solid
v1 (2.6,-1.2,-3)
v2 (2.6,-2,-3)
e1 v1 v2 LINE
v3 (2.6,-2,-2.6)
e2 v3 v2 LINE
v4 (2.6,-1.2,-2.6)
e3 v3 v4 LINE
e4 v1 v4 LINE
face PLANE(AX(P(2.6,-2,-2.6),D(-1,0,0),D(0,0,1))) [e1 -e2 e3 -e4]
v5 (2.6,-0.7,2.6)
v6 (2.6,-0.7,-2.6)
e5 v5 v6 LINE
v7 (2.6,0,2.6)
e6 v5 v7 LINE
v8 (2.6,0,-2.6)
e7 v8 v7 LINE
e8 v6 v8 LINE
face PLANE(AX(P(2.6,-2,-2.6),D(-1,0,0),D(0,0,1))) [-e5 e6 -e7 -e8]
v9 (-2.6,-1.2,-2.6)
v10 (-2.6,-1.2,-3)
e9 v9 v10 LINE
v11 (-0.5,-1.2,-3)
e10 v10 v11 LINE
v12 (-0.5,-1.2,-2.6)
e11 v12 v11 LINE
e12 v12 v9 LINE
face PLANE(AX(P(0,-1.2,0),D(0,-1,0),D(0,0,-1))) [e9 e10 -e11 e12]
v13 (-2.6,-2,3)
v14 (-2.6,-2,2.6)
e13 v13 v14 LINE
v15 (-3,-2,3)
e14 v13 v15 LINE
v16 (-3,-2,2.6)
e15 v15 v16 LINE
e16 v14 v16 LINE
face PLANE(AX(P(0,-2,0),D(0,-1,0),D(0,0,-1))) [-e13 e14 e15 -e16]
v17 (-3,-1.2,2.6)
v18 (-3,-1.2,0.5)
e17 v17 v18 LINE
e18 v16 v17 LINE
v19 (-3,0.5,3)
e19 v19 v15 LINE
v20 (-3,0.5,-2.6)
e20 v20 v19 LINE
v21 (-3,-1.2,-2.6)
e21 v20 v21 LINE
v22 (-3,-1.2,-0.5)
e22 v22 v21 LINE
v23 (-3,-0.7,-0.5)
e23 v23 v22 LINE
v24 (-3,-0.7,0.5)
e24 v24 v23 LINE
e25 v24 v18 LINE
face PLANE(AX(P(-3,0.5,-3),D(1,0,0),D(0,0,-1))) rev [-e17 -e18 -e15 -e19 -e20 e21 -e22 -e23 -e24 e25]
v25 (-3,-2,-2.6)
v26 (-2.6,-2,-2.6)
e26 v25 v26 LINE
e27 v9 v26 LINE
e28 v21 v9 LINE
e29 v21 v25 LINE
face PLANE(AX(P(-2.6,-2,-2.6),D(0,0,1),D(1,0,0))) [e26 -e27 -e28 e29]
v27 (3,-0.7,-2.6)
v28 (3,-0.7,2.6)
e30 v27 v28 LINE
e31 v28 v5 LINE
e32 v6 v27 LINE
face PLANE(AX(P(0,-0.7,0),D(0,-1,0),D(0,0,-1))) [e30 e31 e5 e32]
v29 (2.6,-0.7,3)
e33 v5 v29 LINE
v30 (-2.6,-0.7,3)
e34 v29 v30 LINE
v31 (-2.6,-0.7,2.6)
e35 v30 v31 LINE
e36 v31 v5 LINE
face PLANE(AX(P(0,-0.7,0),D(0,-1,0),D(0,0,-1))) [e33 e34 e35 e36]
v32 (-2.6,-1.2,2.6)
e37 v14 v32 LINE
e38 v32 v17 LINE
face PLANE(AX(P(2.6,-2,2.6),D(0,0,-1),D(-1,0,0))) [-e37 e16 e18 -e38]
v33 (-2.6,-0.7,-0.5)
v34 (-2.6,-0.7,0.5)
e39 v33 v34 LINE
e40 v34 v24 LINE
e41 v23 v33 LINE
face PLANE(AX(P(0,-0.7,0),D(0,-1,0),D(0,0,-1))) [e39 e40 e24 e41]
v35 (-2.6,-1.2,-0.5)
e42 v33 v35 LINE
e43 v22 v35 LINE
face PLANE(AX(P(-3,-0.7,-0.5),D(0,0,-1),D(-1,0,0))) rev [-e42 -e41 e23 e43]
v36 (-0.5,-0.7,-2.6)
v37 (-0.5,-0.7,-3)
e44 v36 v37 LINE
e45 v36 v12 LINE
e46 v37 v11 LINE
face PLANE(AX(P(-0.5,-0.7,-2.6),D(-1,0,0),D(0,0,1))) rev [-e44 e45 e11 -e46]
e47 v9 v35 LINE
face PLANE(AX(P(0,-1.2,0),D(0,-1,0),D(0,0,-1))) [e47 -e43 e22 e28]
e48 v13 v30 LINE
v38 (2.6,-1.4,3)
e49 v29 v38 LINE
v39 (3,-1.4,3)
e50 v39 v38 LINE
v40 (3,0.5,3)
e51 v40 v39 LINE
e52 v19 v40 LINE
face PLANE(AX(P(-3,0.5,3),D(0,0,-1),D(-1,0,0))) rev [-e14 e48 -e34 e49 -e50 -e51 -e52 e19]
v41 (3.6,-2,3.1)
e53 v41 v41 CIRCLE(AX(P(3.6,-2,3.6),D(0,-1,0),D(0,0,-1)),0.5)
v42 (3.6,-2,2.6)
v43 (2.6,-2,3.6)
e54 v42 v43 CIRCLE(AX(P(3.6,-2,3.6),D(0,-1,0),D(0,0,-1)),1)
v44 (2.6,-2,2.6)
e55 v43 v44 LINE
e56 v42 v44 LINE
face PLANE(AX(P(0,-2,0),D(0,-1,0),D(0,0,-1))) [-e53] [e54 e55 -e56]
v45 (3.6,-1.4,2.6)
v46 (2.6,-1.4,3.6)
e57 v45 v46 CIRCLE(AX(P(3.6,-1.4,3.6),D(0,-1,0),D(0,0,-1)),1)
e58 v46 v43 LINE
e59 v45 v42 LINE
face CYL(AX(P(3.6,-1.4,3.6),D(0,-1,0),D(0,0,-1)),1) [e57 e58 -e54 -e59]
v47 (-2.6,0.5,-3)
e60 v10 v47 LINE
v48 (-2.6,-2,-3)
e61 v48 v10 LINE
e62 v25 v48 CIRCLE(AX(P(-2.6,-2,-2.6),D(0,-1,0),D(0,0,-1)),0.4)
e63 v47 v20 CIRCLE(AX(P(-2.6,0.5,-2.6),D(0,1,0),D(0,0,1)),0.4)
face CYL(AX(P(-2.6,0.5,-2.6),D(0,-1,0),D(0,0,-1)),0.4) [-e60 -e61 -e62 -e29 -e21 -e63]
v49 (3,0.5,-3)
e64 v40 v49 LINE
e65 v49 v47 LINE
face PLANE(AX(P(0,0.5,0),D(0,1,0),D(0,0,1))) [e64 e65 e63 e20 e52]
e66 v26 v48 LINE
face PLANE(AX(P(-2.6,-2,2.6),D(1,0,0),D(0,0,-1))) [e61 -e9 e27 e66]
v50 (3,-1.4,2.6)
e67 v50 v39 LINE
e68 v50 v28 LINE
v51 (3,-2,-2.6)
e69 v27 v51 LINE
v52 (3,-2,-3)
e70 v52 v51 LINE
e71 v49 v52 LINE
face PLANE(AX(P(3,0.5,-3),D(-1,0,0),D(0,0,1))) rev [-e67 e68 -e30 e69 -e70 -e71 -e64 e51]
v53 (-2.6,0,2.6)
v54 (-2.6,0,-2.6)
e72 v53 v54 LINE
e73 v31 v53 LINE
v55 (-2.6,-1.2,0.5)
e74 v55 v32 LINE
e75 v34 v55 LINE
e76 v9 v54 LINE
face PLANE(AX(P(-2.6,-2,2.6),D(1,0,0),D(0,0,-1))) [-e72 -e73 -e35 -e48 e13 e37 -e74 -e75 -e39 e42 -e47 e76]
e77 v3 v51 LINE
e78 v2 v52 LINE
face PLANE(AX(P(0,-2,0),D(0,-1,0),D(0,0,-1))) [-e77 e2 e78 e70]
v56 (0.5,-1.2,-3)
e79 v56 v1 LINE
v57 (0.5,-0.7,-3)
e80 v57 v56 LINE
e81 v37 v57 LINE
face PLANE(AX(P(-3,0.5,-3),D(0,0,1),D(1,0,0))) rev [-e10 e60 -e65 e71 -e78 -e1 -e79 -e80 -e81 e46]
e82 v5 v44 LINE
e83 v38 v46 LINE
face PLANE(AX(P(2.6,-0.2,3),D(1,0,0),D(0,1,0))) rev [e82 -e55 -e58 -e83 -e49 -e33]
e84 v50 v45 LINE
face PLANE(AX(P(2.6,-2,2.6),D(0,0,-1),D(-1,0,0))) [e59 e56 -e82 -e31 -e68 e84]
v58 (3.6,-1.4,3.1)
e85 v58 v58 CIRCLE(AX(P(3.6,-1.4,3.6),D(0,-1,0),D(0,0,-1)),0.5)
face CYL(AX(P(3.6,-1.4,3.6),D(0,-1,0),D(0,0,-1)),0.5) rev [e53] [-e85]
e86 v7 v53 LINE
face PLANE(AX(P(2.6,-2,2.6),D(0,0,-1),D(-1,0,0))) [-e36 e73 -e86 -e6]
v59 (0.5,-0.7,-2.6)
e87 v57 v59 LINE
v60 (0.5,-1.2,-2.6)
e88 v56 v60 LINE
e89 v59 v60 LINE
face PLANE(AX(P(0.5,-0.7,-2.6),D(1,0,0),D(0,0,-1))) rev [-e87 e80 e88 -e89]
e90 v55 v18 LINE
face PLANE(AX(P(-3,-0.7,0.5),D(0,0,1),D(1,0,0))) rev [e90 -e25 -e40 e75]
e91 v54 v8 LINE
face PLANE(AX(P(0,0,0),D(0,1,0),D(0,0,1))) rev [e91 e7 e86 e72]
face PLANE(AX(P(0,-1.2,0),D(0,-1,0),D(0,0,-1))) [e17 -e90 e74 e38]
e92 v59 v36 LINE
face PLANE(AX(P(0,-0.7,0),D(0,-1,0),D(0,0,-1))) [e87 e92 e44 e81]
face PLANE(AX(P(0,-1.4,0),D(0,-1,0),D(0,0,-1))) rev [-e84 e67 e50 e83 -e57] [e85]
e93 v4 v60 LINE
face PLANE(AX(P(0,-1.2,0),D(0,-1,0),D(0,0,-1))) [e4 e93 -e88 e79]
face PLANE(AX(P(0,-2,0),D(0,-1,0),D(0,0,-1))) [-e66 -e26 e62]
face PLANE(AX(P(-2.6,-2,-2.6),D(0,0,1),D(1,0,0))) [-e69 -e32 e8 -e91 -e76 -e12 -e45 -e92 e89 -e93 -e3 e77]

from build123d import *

# Parameters (mm, degrees)
SKETCH_1_W          = 6
SKETCH_1_H          = 6
EXTRUDE_1_DEPTH     = 0.5
SKETCH_2_W          = 6
SKETCH_2_H          = 6
SKETCH_2_W_2        = 5.2
SKETCH_2_H_2        = 5.2
EXTRUDE_2_DEPTH     = 2
SKETCH_3_W          = 5.2
SKETCH_3_H          = 1.8
CUT_EXTRUDE_1_DEPTH = 8
SKETCH_4_W          = 5.2
SKETCH_4_H          = 1.8
CUT_EXTRUDE_2_DEPTH = 8
SKETCH_5_R          = 0.5
EXTRUDE_3_DEPTH     = 0.6
SKETCH_6_W          = 5.2
SKETCH_6_H          = 0.4
EXTRUDE_4_DEPTH     = 0.5
SKETCH_7_W          = 0.4
SKETCH_7_H          = 5.2
EXTRUDE_5_DEPTH     = 0.5
SKETCH_8_W          = 0.4
SKETCH_8_H          = 5.2
EXTRUDE_6_DEPTH     = 1
SKETCH_9_W          = 5.2
SKETCH_9_H          = 0.4
EXTRUDE_7_DEPTH     = 1
SKETCH_10_W         = 0.4
SKETCH_10_H         = 1
SKETCH_10_W_2       = 1
SKETCH_10_H_2       = 0.4
CUT_EXTRUDE_3_DEPTH = 0.5
FILLET_2_R          = 0.4


with BuildPart() as part:
    # 草图1 → 凸台-拉伸1 (new body)
    with BuildSketch(Plane(origin=(0, 0, 0), x_dir=(1, 0, 0), z_dir=(0, 1, 0))):
        Rectangle(SKETCH_1_W, SKETCH_1_H)
    extrude(amount=EXTRUDE_1_DEPTH)

    # 草图2 → 凸台-拉伸2 (add)
    with BuildSketch(Plane.XZ):
        Rectangle(SKETCH_2_W, SKETCH_2_H)
        Rectangle(SKETCH_2_W_2, SKETCH_2_H_2, mode=Mode.SUBTRACT)
    extrude(amount=EXTRUDE_2_DEPTH)

    # 草图3 → 切除-拉伸1 (cut, through all)
    with BuildSketch(Plane.ZY.offset(3)):
        with Locations((0, -1.1)):
            Rectangle(SKETCH_3_W, SKETCH_3_H)
    extrude(amount=-CUT_EXTRUDE_1_DEPTH, mode=Mode.SUBTRACT)

    # 草图4 → 切除-拉伸2 (cut, through all)
    with BuildSketch(Plane(origin=(0, 0, -3), x_dir=(-1, 0, 0), z_dir=(0, 0, -1))):
        with Locations((0, -1.1)):
            Rectangle(SKETCH_4_W, SKETCH_4_H)
    extrude(amount=-CUT_EXTRUDE_2_DEPTH, mode=Mode.SUBTRACT)

    # 草图5 → 凸台-拉伸3 (add)
    with BuildSketch(Plane.XZ.offset(2)):
        with BuildLine():
            Line((3, 2.6), (3.6, 2.6))
            ThreePointArc((3.6, 2.6), (4.307106781, 4.307106781), (2.6, 3.6))
            Line((2.6, 3.6), (2.6, 3))
            Line((2.6, 3), (3, 3))
            Line((3, 3), (3, 2.6))
        make_face()
        with Locations(Location((3.6, 3.6, 0), (0, 0, 270))):
            Circle(SKETCH_5_R, mode=Mode.SUBTRACT)
    extrude(amount=-EXTRUDE_3_DEPTH)

    # 草图6 → 凸台-拉伸4 (add)
    with BuildSketch(Plane.XZ.offset(0.2)):
        with Locations((0, 2.8)):
            Rectangle(SKETCH_6_W, SKETCH_6_H)
    extrude(amount=EXTRUDE_4_DEPTH)

    # 草图7 → 凸台-拉伸5 (add)
    with BuildSketch(Plane.XZ.offset(0.2)):
        with Locations((2.8, 0)):
            Rectangle(SKETCH_7_W, SKETCH_7_H)
    extrude(amount=EXTRUDE_5_DEPTH)

    # 草图8 → 凸台-拉伸6 (add)
    with BuildSketch(Plane.XZ.offset(0.2)):
        with Locations((-2.8, 0)):
            Rectangle(SKETCH_8_W, SKETCH_8_H)
    extrude(amount=EXTRUDE_6_DEPTH)

    # 草图9 → 凸台-拉伸7 (add)
    with BuildSketch(Plane.XZ.offset(0.2)):
        with Locations((0, -2.8)):
            Rectangle(SKETCH_9_W, SKETCH_9_H)
    extrude(amount=EXTRUDE_7_DEPTH)

    # 草图10 → 切除-拉伸3 (cut)
    with BuildSketch(Plane.XZ.offset(1.2)):
        with Locations((-2.8, 0)):
            Rectangle(SKETCH_10_W, SKETCH_10_H)
        with Locations((0, -2.8)):
            Rectangle(SKETCH_10_W_2, SKETCH_10_H_2)
    extrude(amount=-CUT_EXTRUDE_3_DEPTH, mode=Mode.SUBTRACT)

    # 圆角2
    fillet_2_edges = [part.edges().sort_by_distance(p)[0] for p in [
        (-3, -0.75, -3),
    ]]
    fillet(fillet_2_edges, radius=FILLET_2_R)


solid = part.part
